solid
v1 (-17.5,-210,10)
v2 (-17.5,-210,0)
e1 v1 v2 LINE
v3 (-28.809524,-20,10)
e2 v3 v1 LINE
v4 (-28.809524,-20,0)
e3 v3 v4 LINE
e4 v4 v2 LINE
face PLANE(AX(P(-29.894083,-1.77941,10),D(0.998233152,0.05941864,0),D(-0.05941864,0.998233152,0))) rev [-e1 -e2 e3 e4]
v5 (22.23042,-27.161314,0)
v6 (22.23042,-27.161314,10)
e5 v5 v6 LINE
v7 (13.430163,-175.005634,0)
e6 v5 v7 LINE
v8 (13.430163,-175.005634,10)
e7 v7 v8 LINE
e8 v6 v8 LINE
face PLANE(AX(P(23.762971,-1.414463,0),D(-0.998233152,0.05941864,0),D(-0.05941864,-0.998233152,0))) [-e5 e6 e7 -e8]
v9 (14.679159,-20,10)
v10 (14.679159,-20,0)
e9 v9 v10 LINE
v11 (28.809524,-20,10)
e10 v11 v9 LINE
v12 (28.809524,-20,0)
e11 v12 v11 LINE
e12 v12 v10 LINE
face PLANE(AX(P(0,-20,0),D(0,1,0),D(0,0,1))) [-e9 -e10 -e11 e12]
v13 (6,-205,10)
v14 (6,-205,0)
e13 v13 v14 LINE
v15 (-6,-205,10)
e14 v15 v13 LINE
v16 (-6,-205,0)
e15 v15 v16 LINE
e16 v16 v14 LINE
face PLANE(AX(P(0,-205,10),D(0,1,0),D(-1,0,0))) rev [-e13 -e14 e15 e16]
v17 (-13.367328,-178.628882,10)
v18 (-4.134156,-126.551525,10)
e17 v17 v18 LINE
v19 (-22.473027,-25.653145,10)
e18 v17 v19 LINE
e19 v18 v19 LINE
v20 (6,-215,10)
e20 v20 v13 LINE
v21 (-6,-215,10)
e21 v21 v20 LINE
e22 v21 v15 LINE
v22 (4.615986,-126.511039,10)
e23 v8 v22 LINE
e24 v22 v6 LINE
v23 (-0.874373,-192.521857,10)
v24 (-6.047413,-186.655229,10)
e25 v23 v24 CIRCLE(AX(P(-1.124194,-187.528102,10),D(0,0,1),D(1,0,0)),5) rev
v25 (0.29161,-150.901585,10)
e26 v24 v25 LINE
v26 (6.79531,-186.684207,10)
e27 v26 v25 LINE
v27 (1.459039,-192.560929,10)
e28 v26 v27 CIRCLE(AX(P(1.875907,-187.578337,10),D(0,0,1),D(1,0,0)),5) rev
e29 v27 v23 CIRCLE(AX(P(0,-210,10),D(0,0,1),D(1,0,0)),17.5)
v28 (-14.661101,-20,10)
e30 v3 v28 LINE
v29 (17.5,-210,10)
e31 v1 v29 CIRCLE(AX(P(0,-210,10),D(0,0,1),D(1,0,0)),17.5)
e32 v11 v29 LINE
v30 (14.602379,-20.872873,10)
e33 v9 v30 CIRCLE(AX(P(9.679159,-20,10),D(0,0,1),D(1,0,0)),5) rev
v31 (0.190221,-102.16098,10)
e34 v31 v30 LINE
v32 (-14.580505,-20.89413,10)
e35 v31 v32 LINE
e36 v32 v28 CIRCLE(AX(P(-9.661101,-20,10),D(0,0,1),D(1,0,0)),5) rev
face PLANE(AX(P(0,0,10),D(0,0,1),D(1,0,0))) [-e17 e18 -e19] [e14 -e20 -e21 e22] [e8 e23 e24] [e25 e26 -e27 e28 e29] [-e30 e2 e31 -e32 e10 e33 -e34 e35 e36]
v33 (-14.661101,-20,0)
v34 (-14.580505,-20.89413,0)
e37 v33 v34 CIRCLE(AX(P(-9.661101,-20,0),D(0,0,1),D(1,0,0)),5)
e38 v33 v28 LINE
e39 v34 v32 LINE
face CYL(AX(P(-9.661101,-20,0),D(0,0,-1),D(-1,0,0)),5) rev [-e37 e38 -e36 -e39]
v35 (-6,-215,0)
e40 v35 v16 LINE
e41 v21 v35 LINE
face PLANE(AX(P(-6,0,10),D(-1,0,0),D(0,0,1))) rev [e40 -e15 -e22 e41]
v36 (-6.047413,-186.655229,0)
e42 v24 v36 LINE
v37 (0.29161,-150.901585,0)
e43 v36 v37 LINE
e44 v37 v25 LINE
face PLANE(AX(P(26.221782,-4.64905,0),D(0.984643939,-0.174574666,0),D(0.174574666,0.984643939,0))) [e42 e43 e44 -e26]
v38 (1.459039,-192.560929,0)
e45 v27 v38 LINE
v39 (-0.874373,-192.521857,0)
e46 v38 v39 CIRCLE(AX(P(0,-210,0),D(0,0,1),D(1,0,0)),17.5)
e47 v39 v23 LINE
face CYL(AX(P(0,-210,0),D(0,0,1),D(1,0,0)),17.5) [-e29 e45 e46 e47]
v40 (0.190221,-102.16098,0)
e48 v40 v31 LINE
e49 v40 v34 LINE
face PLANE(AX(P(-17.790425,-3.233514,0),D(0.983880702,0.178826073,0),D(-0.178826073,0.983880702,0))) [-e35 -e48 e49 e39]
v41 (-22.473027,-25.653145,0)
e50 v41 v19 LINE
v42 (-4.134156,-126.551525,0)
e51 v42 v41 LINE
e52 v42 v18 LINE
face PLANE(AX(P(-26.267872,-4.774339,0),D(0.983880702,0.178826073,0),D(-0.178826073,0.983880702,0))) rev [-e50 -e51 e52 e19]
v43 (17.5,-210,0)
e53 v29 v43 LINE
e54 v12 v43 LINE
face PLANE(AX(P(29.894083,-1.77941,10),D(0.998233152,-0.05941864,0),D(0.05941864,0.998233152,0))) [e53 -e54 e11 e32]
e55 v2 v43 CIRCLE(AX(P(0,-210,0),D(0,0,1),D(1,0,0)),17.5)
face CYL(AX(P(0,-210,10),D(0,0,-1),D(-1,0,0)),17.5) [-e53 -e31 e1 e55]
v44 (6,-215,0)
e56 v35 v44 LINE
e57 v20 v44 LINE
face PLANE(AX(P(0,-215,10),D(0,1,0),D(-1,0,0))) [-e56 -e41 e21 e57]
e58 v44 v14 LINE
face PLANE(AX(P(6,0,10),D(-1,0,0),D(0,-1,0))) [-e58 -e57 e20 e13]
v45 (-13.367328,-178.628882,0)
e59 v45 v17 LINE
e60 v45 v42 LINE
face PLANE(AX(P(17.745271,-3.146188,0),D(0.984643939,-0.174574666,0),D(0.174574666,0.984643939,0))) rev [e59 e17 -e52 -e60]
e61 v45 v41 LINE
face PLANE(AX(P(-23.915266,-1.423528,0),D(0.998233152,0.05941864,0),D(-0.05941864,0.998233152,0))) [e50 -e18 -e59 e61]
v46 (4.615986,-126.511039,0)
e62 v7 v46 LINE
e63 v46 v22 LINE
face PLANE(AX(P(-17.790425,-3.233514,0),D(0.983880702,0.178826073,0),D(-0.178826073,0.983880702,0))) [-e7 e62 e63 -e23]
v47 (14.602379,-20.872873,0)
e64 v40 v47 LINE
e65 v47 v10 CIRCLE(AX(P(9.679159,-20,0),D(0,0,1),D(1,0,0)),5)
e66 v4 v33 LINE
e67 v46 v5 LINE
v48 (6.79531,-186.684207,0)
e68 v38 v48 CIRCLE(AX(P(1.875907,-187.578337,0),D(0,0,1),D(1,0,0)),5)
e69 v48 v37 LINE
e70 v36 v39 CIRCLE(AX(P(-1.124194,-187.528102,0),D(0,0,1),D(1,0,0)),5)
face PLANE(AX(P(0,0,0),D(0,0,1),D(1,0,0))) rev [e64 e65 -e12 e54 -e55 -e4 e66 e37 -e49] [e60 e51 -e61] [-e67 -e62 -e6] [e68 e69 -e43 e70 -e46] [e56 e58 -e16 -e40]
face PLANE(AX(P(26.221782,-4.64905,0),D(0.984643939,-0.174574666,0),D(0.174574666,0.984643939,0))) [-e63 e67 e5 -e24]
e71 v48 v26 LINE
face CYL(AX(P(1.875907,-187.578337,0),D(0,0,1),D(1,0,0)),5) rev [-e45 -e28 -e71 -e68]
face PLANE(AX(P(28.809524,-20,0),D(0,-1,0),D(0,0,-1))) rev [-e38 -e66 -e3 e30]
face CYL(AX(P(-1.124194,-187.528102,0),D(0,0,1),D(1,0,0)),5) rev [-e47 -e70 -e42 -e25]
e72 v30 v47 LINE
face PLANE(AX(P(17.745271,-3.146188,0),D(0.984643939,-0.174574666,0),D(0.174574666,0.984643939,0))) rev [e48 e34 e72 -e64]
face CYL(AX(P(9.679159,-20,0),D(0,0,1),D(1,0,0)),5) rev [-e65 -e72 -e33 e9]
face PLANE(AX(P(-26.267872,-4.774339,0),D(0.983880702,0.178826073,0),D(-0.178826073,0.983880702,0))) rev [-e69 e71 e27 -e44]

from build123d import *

# Parameters (mm, degrees)
SKETCH1_R           = 3
BOSS_EXTRUDE2_DEPTH = 10
FILLET1_R           = 20
FILLET2_R           = 20
CUT_EXTRUDE1_START  = -10
CUT_EXTRUDE1_DEPTH  = 10
FILLET3_R           = 5
CUT_EXTRUDE6_DEPTH  = 10
SKETCH7_W           = 65.010384479
SKETCH7_H           = 38.033760717
CUT_EXTRUDE7_DEPTH  = 10


with BuildPart() as part:
    # Sketch1 → Boss-Extrude2 (new body)
    with BuildSketch(Plane.XY):
        with BuildLine():
            Line((-30, 15.770412854), (-30, 0))
            Line((-30, 0), (-17.5, -210))
            ThreePointArc((-17.5, -210), (0, -227.5), (17.5, -210))
            Line((17.5, -210), (30, 0))
            Line((30, 0), (30, 15.770412854))
            Line((30, 15.770412854), (-30, 15.770412854))
        make_face()
        with Locations((-15, 0)):
            Circle(SKETCH1_R, mode=Mode.SUBTRACT)
        with Locations((15, 0)):
            Circle(SKETCH1_R, mode=Mode.SUBTRACT)
        Polygon((0, -205), (6, -205), (6, -215), (-6, -215), (-6, -205), align=None, mode=Mode.SUBTRACT)
    extrude(amount=BOSS_EXTRUDE2_DEPTH)

    # Fillet1
    fillet1_edges = [part.edges().sort_by_distance(p)[0] for p in [
        (-30, 15.770412854, 5),
    ]]
    fillet(fillet1_edges, radius=FILLET1_R)

    # Fillet2
    fillet2_edges = [part.edges().sort_by_distance(p)[0] for p in [
        (30, 15.770412854, 5),
    ]]
    fillet(fillet2_edges, radius=FILLET2_R)

    # Sketch4 → Cut-Extrude1 (cut)
    with BuildSketch(Plane.XY.offset(10).offset(CUT_EXTRUDE1_START)):
        Polygon((-15.651797422, -15), (0.190220551, -102.160979768), (15.643622882, -15), (15, -15), align=None)
        Polygon((-22.473027071, -25.6531452), (-13.367328465, -178.628881795), (-4.134156204, -126.551525408), align=None)
        Polygon((22.230419841, -27.161313899), (4.615986353, -126.511039477), (13.430162671, -175.005634359), align=None)
        with BuildLine():
            Line((0.291609598, -150.901585116), (-7.372445375, -194.128735111))
            ThreePointArc((-7.372445375, -194.128735111), (0.476576628, -192.506490497), (8.225632191, -194.553674383))
            Line((8.225632191, -194.553674383), (0.291609598, -150.901585116))
        make_face()
    extrude(amount=CUT_EXTRUDE1_DEPTH, mode=Mode.SUBTRACT)

    # Fillet3
    fillet3_edges = [part.edges().sort_by_distance(p)[0] for p in [
        (8.225632191, -194.553674383, 5),
        (-7.372445375, -194.128735111, 5),
        (-15.651797422, -15, 5),
        (15.643622882, -15, 5),
    ]]
    fillet(fillet3_edges, radius=FILLET3_R)

    # Sketch5 → Cut-Extrude6 (cut)
    with BuildSketch(Plane.XY.offset(10)):
        with BuildLine():
            Line((29.260488635, 0), (20, 0))
            Line((20, 0), (20, -20))
            Line((20, -20), (28.80952381, -20))
            Line((28.80952381, -20), (29.677502384, -5.417959945))
            ThreePointArc((29.677502384, -5.417959945), (29.653859351, -2.694751229), (29.260488635, 0))
        make_face()
        with BuildLine():
            Line((20, 12.921923742), (20, 0))
            Line((20, 0), (29.260488635, 0))
            ThreePointArc((29.260488635, 0), (25.96931496, 7.420606017), (20, 12.921923742))
        make_face()
    extrude(amount=-CUT_EXTRUDE6_DEPTH, mode=Mode.SUBTRACT)

    # Sketch7 → Cut-Extrude7 (cut)
    with BuildSketch(Plane.XY.offset(10)):
        with Locations((-3.695668429, -0.983119642)):
            Rectangle(SKETCH7_W, SKETCH7_H)
    extrude(amount=-CUT_EXTRUDE7_DEPTH, mode=Mode.SUBTRACT)


solid = part.part
